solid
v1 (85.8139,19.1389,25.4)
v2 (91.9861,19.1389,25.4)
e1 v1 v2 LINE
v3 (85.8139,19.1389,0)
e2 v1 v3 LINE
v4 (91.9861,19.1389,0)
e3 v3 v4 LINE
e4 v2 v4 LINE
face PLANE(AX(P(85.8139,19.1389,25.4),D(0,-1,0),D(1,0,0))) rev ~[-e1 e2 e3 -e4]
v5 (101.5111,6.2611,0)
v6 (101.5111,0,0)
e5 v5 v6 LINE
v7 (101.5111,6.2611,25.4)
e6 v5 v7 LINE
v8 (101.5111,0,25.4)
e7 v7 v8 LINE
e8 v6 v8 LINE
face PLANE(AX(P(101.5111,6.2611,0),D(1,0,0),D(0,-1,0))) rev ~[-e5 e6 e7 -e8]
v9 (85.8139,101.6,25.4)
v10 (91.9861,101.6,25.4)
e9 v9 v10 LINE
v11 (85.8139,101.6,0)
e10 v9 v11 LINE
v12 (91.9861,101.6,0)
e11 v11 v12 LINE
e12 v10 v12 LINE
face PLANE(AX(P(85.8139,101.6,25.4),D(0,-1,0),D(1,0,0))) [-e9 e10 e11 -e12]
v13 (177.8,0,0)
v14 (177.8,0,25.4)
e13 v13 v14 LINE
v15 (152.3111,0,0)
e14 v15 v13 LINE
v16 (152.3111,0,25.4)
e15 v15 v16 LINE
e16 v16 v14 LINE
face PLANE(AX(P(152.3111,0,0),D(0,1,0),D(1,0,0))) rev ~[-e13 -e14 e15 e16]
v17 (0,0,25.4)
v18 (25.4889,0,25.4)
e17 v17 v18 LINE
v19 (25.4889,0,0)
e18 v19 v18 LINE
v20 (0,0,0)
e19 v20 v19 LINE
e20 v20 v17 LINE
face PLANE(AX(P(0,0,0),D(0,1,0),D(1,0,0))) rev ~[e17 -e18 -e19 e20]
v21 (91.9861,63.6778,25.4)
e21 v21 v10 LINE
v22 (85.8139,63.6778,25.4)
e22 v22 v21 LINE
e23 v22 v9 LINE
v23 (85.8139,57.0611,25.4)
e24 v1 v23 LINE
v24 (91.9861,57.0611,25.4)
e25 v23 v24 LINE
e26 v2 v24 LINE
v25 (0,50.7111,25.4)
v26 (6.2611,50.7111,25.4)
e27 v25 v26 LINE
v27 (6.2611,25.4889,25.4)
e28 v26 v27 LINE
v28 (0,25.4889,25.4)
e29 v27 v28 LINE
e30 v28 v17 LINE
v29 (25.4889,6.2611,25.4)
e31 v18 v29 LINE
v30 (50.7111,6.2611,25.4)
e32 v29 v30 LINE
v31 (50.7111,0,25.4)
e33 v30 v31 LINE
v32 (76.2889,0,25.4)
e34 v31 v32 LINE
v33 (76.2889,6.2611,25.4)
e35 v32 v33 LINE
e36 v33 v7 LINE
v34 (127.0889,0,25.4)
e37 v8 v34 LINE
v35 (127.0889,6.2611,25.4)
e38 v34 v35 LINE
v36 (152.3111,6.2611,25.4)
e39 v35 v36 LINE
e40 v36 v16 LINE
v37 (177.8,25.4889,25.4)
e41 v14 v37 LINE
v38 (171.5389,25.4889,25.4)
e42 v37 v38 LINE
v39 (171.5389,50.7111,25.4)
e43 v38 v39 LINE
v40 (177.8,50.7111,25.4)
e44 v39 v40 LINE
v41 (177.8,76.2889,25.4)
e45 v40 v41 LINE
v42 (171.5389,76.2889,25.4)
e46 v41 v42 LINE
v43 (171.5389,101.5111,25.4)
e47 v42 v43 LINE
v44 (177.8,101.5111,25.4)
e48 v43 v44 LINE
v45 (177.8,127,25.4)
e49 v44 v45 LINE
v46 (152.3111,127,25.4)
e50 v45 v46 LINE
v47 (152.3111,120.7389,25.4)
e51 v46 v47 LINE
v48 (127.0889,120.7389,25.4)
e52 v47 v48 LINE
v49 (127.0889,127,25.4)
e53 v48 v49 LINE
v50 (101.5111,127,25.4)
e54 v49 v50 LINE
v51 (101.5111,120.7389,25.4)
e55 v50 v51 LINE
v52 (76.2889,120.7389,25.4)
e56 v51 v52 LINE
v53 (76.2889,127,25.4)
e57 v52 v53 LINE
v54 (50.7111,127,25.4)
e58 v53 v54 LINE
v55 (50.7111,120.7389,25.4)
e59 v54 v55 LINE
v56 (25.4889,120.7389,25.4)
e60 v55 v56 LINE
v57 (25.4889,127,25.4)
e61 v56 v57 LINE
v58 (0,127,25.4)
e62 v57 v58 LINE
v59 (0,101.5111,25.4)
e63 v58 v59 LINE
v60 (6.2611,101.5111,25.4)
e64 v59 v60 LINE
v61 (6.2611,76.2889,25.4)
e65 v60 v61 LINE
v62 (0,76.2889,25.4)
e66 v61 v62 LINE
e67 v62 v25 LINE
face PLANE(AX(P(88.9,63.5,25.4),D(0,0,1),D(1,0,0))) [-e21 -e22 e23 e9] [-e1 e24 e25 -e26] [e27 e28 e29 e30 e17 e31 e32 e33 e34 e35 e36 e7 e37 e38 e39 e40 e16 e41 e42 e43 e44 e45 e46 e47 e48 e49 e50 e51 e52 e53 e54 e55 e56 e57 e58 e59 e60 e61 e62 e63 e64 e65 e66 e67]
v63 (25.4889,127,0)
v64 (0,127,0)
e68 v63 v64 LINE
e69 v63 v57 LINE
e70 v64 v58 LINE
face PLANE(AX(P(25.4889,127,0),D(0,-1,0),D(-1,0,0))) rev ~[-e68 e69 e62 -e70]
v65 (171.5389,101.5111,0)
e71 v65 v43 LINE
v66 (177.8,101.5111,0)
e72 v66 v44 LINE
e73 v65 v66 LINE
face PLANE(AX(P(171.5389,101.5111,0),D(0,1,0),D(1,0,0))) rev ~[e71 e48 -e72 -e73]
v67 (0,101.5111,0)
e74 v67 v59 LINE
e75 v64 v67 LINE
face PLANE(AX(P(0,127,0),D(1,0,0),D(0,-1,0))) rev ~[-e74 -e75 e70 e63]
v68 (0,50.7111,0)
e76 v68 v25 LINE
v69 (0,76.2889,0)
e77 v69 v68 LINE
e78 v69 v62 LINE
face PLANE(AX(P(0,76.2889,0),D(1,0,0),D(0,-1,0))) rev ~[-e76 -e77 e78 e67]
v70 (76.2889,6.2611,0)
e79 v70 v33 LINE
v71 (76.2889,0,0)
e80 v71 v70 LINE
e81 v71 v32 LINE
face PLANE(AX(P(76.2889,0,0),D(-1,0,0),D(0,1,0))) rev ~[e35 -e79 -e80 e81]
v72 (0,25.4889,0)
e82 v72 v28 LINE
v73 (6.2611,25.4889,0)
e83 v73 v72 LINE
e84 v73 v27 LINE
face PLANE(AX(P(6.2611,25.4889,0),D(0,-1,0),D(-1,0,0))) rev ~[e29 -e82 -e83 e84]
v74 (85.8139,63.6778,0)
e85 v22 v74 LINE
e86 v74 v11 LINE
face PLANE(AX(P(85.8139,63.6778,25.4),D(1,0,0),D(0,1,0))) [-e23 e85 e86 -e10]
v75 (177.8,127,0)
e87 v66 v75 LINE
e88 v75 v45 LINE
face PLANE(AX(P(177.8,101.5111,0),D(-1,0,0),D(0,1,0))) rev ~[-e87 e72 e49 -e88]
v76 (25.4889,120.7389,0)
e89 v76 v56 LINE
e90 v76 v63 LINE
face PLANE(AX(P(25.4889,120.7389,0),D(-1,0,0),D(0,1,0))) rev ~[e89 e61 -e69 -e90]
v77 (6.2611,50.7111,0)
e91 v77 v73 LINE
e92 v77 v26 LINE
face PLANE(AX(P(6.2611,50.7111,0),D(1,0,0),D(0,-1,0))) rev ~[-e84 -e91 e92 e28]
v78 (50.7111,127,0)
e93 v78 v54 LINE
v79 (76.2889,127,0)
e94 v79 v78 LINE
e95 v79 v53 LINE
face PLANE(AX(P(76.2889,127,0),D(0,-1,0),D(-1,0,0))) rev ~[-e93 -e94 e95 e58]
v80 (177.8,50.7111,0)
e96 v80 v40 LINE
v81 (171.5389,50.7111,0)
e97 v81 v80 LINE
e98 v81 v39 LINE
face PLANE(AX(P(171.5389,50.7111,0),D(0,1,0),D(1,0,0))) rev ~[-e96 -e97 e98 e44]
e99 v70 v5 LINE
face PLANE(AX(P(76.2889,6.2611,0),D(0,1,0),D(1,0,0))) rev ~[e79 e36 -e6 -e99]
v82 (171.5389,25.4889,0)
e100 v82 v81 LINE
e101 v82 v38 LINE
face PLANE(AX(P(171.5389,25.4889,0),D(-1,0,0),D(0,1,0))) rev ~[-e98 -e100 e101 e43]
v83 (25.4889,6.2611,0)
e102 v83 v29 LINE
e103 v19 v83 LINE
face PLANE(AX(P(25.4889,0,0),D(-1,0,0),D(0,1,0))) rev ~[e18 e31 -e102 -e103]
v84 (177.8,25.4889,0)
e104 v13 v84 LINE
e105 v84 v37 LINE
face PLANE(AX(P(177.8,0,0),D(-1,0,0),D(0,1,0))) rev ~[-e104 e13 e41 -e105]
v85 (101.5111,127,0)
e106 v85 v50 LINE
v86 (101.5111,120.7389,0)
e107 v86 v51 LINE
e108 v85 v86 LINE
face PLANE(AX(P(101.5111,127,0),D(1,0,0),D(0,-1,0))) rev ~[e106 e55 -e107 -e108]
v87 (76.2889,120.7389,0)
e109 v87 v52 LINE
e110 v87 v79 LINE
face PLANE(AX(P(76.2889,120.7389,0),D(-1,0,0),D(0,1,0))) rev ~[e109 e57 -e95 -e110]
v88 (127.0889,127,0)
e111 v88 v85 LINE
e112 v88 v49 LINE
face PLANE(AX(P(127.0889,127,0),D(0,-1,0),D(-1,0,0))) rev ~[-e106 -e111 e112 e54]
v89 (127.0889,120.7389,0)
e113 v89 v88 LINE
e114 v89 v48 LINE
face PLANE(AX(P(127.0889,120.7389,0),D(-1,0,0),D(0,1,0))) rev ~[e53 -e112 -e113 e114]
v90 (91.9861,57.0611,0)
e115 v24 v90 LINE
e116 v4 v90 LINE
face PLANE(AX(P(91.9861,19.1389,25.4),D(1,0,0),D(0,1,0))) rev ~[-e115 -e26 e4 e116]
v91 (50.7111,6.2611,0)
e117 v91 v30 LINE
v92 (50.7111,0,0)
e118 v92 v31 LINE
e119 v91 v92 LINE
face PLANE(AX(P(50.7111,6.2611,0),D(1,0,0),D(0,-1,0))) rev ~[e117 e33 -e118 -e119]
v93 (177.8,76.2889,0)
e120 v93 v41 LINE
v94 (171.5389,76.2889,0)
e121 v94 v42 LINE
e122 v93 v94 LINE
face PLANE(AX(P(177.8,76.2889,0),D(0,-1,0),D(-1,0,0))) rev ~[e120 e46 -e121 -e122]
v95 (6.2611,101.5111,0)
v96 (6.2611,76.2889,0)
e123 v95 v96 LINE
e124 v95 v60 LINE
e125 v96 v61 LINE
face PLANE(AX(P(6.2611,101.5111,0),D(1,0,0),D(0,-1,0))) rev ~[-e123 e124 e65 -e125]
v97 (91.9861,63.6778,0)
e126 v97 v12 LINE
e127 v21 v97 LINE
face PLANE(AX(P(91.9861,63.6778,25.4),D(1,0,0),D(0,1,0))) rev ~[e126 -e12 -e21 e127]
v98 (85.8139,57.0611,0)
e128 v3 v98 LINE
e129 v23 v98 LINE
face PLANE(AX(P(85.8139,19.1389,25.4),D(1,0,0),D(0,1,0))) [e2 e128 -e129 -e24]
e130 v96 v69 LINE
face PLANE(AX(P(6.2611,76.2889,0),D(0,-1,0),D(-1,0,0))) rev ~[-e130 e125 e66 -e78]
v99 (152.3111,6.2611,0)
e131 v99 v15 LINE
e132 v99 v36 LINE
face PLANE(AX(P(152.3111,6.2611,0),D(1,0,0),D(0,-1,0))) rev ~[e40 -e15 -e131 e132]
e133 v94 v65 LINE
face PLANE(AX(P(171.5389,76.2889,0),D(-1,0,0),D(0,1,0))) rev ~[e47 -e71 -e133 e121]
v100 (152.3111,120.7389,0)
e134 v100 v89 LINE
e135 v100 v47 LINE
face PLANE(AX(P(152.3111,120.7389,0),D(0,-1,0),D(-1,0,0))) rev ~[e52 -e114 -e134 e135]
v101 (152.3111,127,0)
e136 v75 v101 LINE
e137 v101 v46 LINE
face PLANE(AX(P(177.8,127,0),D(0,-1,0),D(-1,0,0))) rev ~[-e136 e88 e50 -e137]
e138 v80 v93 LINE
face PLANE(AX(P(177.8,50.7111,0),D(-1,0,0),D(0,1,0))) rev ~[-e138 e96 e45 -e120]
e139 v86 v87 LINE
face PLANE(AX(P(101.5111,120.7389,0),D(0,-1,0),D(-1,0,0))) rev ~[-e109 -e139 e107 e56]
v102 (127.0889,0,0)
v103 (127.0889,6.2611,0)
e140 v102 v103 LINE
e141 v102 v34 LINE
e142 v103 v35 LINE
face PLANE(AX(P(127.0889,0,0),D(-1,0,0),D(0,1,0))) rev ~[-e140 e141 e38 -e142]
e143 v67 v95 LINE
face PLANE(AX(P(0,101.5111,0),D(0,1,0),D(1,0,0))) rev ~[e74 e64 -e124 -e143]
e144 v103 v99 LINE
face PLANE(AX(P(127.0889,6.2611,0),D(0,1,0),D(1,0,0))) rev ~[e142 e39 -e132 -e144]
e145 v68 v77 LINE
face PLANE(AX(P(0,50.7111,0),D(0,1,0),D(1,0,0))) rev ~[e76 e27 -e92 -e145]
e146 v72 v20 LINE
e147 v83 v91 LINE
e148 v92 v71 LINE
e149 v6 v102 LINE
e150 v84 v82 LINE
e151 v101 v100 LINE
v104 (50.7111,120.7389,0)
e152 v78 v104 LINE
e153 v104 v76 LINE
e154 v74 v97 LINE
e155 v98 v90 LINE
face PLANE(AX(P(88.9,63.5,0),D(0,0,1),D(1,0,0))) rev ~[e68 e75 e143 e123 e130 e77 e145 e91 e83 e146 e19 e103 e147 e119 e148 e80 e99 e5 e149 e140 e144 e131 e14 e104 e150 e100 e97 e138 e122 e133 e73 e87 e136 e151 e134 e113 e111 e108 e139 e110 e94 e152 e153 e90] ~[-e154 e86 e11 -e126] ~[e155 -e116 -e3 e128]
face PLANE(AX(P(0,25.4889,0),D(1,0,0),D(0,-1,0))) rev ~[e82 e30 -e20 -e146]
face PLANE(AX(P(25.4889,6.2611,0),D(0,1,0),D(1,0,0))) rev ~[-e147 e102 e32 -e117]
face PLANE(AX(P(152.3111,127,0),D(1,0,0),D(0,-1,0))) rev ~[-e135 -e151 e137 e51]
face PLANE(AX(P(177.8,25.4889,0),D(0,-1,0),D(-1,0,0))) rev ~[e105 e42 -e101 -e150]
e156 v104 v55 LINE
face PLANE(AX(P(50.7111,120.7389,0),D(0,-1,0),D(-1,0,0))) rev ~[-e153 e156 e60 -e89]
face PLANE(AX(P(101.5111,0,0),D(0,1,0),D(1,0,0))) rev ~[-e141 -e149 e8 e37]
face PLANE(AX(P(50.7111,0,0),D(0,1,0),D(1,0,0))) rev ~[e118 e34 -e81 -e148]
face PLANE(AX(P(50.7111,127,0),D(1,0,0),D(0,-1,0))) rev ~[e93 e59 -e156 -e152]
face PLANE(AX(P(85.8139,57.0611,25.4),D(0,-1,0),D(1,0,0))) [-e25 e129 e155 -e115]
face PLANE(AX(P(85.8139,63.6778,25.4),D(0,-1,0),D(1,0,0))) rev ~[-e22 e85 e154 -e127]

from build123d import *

# Parameters (mm, degrees)
F1_DEPTH = 25.4
F2_W     = 6.1722
F2_H     = 37.9222
F3_DEPTH = 25.401


with BuildPart() as f1:
    # F0 (on Top) → F1 (new body)
    with BuildSketch(Plane.XY):
        Polygon((0, 25.4889), (0, 0), (25.4889, 0), (25.4889, 6.2611), (50.7111, 6.2611), (50.7111, 0), (76.2889, 0), (76.2889, 6.2611), (101.5111, 6.2611), (101.5111, 0), (127.0889, 0), (127.0889, 6.2611), (152.3111, 6.2611), (152.3111, 0), (177.8, 0), (177.8, 25.4889), (171.5389, 25.4889), (171.5389, 50.7111), (177.8, 50.7111), (177.8, 76.2889), (171.5389, 76.2889), (171.5389, 101.5111), (177.8, 101.5111), (177.8, 127), (152.3111, 127), (152.3111, 120.7389), (127.0889, 120.7389), (127.0889, 127), (101.5111, 127), (101.5111, 120.7389), (76.2889, 120.7389), (76.2889, 127), (50.7111, 127), (50.7111, 120.7389), (25.4889, 120.7389), (25.4889, 127), (0, 127), (0, 101.5111), (6.2611, 101.5111), (6.2611, 76.2889), (0, 76.2889), (0, 50.7111), (6.2611, 50.7111), (6.2611, 25.4889), align=None)
    extrude(amount=F1_DEPTH)

    # F2 (on face) → F3 (cut, through all)
    with BuildSketch(Plane.XY.offset(25.4)):
        with Locations((88.9, 82.6389)):
            Rectangle(F2_W, F2_H)
        with Locations((88.9, 38.1)):
            Rectangle(F2_W, F2_H)
    extrude(amount=-F3_DEPTH, mode=Mode.SUBTRACT)


solid = f1.part
